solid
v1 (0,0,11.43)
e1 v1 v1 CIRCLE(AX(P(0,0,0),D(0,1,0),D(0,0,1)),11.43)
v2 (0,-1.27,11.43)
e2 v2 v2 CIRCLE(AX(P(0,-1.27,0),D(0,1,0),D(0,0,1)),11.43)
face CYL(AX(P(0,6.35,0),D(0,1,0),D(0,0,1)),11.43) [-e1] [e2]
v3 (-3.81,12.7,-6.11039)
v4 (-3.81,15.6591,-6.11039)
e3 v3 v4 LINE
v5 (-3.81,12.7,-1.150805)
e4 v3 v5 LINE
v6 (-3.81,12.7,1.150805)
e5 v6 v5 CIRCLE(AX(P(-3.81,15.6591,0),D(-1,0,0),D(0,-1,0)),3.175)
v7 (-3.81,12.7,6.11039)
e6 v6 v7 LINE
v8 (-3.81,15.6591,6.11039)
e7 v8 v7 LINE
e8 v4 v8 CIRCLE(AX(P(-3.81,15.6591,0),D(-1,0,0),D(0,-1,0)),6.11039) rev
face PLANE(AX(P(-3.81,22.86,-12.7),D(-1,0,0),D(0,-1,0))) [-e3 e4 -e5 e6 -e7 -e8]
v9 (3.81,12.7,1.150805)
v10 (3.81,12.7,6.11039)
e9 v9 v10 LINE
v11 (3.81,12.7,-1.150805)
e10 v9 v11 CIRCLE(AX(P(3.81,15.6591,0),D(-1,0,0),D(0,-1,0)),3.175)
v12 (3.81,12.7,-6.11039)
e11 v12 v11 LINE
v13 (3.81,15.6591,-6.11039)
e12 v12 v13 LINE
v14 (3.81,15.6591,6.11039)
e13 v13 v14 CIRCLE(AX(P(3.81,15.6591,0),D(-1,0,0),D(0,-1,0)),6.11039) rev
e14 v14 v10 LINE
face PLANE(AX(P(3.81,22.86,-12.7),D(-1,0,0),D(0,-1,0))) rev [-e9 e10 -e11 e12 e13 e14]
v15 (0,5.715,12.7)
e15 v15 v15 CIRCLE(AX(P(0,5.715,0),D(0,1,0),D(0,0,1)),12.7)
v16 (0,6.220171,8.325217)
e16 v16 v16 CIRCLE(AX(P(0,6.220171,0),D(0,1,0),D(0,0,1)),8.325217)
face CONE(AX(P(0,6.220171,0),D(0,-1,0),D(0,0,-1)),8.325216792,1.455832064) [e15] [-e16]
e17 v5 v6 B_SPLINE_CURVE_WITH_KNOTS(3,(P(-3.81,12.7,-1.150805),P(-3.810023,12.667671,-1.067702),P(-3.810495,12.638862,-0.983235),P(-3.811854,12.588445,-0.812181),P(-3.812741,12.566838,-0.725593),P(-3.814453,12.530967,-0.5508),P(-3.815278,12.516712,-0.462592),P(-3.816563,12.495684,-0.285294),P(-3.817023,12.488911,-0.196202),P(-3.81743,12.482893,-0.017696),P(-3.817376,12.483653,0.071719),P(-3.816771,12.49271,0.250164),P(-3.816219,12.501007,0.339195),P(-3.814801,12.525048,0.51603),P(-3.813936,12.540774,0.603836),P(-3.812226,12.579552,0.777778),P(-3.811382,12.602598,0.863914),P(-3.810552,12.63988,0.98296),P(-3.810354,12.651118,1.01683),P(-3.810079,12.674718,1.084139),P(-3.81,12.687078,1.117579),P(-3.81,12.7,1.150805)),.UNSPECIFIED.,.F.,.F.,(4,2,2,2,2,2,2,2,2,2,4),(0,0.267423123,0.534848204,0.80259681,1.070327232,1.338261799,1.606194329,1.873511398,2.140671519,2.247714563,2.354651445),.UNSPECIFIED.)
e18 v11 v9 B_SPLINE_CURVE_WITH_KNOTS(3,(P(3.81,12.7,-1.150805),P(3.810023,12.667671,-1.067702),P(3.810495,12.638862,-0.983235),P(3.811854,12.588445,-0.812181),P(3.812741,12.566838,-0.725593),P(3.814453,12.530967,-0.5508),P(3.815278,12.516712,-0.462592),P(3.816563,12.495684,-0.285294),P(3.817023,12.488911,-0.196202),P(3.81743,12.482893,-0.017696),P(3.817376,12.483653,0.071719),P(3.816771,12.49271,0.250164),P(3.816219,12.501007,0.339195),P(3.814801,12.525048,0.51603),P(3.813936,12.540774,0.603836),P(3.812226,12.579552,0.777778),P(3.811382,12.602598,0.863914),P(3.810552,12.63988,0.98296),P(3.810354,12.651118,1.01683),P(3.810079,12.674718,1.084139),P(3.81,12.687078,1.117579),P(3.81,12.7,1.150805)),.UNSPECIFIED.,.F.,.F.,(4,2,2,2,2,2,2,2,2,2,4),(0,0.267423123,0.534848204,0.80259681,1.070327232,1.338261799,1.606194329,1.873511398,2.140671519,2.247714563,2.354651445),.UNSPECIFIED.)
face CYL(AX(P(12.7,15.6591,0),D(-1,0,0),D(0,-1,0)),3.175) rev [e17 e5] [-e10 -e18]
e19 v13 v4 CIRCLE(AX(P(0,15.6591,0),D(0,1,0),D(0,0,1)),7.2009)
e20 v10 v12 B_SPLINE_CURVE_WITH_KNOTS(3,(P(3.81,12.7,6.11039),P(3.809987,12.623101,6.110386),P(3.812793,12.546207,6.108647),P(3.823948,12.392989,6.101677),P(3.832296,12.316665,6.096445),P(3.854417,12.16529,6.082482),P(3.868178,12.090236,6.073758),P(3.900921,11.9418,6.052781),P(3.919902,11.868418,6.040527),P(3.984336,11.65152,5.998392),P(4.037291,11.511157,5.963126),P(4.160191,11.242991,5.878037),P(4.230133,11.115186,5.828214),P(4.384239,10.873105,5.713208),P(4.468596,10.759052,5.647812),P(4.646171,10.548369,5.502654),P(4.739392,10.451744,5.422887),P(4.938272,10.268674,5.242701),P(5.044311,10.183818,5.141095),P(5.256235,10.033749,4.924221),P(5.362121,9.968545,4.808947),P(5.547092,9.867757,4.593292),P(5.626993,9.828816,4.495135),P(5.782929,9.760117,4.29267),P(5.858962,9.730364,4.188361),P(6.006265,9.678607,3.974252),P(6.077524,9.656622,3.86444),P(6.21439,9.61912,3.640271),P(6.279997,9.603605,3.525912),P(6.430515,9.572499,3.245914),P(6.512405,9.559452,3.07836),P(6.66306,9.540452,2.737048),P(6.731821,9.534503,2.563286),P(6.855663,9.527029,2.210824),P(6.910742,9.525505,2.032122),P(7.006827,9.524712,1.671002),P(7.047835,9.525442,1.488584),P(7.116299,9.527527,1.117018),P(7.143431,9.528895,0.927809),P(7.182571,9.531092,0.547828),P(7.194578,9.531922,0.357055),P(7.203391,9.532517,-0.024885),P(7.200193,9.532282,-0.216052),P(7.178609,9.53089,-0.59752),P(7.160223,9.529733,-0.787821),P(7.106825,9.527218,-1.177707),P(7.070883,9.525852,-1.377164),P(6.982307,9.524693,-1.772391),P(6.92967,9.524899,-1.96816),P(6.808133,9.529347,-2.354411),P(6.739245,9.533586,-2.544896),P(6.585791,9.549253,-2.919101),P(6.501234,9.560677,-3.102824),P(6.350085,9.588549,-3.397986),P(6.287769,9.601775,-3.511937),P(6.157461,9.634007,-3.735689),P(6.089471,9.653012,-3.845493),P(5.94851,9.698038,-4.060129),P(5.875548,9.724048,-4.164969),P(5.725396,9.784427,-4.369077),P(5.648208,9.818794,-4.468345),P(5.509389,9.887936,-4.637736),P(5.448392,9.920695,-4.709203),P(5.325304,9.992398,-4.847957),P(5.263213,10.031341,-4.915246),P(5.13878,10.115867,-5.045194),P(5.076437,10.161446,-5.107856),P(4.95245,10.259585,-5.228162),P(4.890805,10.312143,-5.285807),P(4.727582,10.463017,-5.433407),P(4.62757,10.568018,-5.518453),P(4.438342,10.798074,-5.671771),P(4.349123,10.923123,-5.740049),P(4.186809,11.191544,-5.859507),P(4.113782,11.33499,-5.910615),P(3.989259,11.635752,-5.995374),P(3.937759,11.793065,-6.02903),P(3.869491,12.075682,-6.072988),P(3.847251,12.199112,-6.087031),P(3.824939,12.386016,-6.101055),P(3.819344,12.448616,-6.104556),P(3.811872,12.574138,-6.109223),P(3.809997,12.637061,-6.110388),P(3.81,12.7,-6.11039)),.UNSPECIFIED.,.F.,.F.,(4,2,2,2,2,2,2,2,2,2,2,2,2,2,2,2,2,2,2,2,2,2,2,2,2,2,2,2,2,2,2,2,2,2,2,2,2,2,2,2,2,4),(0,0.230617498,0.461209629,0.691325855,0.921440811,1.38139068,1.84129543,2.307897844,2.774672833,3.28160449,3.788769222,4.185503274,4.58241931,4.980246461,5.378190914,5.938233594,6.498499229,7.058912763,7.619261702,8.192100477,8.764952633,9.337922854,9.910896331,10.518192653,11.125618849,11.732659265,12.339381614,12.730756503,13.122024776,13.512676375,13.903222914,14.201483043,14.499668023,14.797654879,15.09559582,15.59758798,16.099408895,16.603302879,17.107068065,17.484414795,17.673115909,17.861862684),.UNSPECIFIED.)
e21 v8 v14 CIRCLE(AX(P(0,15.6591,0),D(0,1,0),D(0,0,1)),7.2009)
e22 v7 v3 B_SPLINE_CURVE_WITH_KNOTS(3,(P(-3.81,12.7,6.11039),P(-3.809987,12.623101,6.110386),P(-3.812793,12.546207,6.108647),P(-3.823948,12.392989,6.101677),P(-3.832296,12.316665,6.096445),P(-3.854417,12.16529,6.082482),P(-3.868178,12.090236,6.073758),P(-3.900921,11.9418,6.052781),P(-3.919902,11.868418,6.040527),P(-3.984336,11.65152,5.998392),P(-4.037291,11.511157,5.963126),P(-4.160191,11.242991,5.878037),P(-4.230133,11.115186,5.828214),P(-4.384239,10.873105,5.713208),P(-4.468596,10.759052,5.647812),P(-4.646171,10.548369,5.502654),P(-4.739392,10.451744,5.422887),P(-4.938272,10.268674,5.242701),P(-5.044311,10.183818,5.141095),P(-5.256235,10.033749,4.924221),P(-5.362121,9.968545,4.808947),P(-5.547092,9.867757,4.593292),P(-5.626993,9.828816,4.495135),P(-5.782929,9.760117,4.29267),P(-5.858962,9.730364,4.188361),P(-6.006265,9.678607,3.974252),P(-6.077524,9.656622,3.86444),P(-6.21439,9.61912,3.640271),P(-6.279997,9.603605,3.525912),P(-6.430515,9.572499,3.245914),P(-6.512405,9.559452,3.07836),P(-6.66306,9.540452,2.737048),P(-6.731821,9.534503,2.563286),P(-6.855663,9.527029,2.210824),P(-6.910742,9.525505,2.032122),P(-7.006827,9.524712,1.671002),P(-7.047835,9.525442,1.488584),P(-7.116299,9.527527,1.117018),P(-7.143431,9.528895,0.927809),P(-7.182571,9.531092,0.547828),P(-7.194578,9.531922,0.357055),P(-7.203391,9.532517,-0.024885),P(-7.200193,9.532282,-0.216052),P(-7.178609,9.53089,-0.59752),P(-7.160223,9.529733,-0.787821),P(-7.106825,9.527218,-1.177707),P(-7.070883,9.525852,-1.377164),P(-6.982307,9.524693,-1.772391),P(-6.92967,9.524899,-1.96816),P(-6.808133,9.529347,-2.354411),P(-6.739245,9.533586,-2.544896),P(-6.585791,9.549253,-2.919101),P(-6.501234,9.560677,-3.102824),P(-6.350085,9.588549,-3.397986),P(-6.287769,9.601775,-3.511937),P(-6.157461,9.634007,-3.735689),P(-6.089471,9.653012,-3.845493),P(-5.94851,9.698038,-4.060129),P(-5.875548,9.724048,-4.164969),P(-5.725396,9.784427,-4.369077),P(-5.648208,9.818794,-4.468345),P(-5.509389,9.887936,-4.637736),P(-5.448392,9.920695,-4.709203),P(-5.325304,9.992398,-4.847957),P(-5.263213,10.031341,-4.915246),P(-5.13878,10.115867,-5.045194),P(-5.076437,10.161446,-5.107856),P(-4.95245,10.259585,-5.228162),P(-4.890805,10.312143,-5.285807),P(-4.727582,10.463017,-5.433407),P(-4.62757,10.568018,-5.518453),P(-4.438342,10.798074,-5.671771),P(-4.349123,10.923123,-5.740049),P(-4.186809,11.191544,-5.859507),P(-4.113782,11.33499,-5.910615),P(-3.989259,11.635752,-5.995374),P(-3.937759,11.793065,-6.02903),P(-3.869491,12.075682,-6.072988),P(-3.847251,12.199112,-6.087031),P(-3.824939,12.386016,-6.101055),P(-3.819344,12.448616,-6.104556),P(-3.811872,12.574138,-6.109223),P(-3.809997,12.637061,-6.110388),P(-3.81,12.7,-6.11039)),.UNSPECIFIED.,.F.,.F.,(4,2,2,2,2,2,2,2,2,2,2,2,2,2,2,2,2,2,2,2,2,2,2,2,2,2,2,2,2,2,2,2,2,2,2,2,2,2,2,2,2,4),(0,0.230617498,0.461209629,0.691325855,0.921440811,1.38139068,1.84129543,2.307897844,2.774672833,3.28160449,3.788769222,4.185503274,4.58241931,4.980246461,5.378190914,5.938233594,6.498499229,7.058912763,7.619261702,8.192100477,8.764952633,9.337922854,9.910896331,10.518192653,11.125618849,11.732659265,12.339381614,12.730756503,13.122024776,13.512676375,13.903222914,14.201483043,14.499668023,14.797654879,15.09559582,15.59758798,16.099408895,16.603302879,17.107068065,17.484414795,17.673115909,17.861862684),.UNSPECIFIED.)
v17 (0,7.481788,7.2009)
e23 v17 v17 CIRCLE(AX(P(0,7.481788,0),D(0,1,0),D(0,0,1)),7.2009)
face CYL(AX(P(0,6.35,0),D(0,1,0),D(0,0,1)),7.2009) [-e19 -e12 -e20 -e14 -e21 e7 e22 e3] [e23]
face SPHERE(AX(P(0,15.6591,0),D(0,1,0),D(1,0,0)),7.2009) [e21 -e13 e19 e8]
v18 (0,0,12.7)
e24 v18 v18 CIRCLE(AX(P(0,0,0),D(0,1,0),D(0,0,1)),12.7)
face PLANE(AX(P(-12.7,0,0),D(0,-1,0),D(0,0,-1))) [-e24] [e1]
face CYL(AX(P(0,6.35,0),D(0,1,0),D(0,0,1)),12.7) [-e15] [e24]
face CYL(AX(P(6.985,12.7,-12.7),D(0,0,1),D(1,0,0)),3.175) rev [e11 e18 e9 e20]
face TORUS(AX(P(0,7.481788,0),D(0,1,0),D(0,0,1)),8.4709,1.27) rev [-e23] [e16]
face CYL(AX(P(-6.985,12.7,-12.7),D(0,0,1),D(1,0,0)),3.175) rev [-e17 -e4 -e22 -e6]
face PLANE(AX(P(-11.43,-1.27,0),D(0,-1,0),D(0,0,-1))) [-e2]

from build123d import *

# Parameters (mm, degrees)
CUT_EXTRUDE1_DEPTH      = 30.071628781
CUT_EXTRUDE1_DEPTH_BACK = 30.071628781
CUT_EXTRUDE2_DEPTH      = 31.926520981
CUT_EXTRUDE2_DEPTH_BACK = 31.926520981
SKETCH4_R               = 3.175


with BuildPart() as part:
    # Sketch1 → Revolve1 (revolve)
    with BuildSketch(Plane.XY, mode=Mode.PRIVATE) as revolve1_sk:
        with BuildLine():
            Line((-12.7, 0), (-12.7, 5.715))
            Line((-12.7, 5.715), (-8.325216792, 6.220171271))
            ThreePointArc((-8.325216792, 6.220171271), (-7.522765602, 6.636837464), (-7.2009, 7.481787854))
            Line((-7.2009, 7.481787854), (-7.2009, 15.6591))
            ThreePointArc((-7.2009, 15.6591), (-5.091805221, 20.750905221), (0, 22.86))
            Line((0, 22.86), (0, 6.35))
            Line((0, 6.35), (0, 0))
            Line((0, 0), (0, -1.27))
            Line((0, -1.27), (-11.43, -1.27))
            Line((-11.43, -1.27), (-11.43, 0))
            Line((-11.43, 0), (-12.7, 0))
        make_face()
    revolve(revolve1_sk.sketch.rotate(Axis((0, 6.35, 0), (0, -1, 0)), 270), axis=Axis((0, 6.35, 0), (0, -1, 0)))

    # Sketch3 → Cut-Extrude1 (cut, two sides: drawn at the far end of the back side and taken through both)
    with BuildSketch(Plane.XY.offset(-CUT_EXTRUDE1_DEPTH_BACK)):
        with BuildLine():
            Line((-3.81, 22.86), (-3.81, 12.7))
            ThreePointArc((-3.81, 12.7), (-6.985, 9.525), (-10.16, 12.7))
            Line((-10.16, 12.7), (-10.16, 22.86))
            Line((-10.16, 22.86), (-3.81, 22.86))
        make_face()
        with BuildLine():
            Line((10.16, 22.86), (10.16, 12.7))
            ThreePointArc((10.16, 12.7), (6.985, 9.525), (3.81, 12.7))
            Line((3.81, 12.7), (3.81, 22.86))
            Line((3.81, 22.86), (10.16, 22.86))
        make_face()
    extrude(amount=CUT_EXTRUDE1_DEPTH + CUT_EXTRUDE1_DEPTH_BACK, mode=Mode.SUBTRACT)

    # Sketch4 → Cut-Extrude2 (cut, two sides: drawn at the far end of the back side and taken through both)
    with BuildSketch(Plane.ZY.offset(3.81).offset(-CUT_EXTRUDE2_DEPTH_BACK)):
        with Locations(Location((0, 15.6591, 0), (0, 0, 248.748756024))):
            Circle(SKETCH4_R)
    extrude(amount=CUT_EXTRUDE2_DEPTH + CUT_EXTRUDE2_DEPTH_BACK, mode=Mode.SUBTRACT)


solid = part.part
